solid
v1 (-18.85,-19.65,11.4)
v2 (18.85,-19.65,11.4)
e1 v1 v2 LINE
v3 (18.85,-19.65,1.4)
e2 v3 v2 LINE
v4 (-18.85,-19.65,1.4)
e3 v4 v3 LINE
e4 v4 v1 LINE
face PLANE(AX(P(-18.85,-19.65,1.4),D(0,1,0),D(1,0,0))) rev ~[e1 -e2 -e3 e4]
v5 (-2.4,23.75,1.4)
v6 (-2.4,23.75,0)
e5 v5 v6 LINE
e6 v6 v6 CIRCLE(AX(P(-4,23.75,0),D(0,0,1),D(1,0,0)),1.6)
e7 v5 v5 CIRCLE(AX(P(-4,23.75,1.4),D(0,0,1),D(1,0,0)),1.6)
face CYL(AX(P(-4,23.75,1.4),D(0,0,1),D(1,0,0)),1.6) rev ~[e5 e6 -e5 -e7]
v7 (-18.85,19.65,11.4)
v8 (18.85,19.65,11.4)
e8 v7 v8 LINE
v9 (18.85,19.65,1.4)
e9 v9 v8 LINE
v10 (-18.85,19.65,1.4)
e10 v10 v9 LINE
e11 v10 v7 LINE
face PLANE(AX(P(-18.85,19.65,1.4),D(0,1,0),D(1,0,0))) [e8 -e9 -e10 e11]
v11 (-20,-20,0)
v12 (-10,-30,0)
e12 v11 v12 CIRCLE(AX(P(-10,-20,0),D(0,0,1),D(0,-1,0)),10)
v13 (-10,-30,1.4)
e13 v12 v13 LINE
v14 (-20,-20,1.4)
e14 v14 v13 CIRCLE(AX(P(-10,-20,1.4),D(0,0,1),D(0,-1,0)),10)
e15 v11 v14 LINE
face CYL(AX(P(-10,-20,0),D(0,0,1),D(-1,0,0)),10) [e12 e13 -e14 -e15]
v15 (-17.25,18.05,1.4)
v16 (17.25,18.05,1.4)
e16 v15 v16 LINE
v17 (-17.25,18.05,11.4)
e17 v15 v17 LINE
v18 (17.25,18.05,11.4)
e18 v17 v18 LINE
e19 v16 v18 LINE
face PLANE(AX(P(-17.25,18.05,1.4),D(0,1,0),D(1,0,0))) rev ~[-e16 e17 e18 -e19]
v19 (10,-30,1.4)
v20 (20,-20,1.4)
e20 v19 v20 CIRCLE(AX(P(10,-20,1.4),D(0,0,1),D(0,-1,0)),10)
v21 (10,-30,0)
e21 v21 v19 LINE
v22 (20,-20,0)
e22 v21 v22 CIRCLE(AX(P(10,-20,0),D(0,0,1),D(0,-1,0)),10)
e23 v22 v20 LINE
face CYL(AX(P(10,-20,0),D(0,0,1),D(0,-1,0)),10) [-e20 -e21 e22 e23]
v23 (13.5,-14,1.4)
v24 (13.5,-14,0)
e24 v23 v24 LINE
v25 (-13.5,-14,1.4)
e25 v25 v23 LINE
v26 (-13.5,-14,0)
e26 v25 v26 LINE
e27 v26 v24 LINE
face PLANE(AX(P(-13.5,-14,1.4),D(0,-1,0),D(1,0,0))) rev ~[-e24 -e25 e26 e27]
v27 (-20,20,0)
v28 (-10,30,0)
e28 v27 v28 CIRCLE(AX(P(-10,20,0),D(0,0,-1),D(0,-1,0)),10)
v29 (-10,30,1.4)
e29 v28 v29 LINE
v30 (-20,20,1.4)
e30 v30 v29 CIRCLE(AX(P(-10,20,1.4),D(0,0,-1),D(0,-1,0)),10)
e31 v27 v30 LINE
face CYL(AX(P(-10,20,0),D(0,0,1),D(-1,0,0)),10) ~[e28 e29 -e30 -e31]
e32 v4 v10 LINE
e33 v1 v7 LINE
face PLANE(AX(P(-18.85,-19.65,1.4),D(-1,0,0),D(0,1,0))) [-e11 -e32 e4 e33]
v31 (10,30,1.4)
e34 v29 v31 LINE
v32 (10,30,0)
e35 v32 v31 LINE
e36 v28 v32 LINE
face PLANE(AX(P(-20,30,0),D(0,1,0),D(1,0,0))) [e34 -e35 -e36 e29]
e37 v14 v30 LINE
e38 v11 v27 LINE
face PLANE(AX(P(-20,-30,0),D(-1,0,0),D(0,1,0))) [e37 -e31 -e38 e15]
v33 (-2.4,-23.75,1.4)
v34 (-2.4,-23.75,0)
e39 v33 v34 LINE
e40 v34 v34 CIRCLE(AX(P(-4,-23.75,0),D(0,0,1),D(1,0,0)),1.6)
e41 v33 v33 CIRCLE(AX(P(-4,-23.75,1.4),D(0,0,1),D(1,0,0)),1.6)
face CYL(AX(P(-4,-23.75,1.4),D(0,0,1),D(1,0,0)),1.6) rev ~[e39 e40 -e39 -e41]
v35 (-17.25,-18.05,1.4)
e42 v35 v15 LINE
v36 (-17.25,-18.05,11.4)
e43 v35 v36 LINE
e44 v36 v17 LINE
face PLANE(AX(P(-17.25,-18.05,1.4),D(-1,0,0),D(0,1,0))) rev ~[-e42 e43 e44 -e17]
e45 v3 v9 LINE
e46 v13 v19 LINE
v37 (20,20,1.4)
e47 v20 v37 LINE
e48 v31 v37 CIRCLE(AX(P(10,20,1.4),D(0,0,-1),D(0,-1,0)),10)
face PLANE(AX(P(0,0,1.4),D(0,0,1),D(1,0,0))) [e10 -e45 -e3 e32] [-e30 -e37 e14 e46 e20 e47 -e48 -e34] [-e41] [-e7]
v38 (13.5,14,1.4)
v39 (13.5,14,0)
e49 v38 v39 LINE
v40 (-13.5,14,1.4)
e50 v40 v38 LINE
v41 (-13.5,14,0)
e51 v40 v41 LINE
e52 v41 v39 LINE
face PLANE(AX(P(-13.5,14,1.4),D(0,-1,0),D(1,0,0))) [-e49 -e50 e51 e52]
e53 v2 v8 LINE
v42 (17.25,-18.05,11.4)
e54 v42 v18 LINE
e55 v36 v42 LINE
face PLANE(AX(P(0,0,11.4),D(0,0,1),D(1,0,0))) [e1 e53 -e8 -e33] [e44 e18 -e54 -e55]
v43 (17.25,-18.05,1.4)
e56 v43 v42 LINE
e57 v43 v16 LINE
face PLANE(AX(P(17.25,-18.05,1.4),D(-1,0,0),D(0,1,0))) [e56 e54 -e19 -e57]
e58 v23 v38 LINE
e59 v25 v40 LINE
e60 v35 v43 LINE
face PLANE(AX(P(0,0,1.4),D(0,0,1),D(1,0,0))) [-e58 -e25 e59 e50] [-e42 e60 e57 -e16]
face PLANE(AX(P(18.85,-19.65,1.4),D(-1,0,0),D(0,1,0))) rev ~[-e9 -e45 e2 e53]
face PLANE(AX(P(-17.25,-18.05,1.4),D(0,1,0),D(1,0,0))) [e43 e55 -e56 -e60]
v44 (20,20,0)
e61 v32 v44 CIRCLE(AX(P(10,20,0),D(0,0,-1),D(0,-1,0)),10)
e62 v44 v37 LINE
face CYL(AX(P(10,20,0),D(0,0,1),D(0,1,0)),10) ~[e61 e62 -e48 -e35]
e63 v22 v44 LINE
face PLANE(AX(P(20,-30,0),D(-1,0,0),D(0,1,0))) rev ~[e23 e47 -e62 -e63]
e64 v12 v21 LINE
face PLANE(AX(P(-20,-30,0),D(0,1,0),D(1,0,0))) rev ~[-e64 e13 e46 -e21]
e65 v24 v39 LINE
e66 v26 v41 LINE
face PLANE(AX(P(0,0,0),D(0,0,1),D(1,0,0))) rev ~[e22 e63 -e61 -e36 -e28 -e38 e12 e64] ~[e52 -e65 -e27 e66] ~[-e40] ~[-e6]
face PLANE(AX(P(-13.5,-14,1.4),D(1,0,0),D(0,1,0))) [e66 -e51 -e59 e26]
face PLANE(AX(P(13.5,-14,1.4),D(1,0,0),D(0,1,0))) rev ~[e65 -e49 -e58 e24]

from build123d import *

# Parameters (mm, degrees)
F0_W     = 40
F0_H     = 60
F1_DEPTH = 1.4
F2_W     = 37.7
F2_H     = 39.3
F2_W_2   = 34.5
F2_H_2   = 36.1
F3_DEPTH = 10
F4_R     = 1.6
F4_W     = 27
F4_H     = 28
F5_DEPTH = 1.401
F6_R     = 10


with BuildPart() as f1:
    # F0 (on Top) → F1 (new body)
    with BuildSketch(Plane.XY):
        Rectangle(F0_W, F0_H)
    extrude(amount=F1_DEPTH)

    # F2 (on face) → F3 (join)
    with BuildSketch(Plane.XY.offset(1.4)):
        Rectangle(F2_W, F2_H)
        Rectangle(F2_W_2, F2_H_2, mode=Mode.SUBTRACT)
    extrude(amount=F3_DEPTH)

    # F4 (on face) → F5 (cut, through all)
    with BuildSketch(Plane.XY.offset(1.4)):
        with Locations((-4, 23.75)):
            Circle(F4_R)
        with Locations((-4, -23.75)):
            Circle(F4_R)
        Rectangle(F4_W, F4_H)
    extrude(amount=-F5_DEPTH, mode=Mode.SUBTRACT)

    # F6
    f6_edges = [f1.edges().sort_by_distance(p)[0] for p in [
        (-20, -30, 0.7),
        (20, -30, 0.7),
        (20, 30, 0.7),
        (-20, 30, 0.7),
    ]]
    fillet(f6_edges, radius=F6_R)


solid = f1.part
